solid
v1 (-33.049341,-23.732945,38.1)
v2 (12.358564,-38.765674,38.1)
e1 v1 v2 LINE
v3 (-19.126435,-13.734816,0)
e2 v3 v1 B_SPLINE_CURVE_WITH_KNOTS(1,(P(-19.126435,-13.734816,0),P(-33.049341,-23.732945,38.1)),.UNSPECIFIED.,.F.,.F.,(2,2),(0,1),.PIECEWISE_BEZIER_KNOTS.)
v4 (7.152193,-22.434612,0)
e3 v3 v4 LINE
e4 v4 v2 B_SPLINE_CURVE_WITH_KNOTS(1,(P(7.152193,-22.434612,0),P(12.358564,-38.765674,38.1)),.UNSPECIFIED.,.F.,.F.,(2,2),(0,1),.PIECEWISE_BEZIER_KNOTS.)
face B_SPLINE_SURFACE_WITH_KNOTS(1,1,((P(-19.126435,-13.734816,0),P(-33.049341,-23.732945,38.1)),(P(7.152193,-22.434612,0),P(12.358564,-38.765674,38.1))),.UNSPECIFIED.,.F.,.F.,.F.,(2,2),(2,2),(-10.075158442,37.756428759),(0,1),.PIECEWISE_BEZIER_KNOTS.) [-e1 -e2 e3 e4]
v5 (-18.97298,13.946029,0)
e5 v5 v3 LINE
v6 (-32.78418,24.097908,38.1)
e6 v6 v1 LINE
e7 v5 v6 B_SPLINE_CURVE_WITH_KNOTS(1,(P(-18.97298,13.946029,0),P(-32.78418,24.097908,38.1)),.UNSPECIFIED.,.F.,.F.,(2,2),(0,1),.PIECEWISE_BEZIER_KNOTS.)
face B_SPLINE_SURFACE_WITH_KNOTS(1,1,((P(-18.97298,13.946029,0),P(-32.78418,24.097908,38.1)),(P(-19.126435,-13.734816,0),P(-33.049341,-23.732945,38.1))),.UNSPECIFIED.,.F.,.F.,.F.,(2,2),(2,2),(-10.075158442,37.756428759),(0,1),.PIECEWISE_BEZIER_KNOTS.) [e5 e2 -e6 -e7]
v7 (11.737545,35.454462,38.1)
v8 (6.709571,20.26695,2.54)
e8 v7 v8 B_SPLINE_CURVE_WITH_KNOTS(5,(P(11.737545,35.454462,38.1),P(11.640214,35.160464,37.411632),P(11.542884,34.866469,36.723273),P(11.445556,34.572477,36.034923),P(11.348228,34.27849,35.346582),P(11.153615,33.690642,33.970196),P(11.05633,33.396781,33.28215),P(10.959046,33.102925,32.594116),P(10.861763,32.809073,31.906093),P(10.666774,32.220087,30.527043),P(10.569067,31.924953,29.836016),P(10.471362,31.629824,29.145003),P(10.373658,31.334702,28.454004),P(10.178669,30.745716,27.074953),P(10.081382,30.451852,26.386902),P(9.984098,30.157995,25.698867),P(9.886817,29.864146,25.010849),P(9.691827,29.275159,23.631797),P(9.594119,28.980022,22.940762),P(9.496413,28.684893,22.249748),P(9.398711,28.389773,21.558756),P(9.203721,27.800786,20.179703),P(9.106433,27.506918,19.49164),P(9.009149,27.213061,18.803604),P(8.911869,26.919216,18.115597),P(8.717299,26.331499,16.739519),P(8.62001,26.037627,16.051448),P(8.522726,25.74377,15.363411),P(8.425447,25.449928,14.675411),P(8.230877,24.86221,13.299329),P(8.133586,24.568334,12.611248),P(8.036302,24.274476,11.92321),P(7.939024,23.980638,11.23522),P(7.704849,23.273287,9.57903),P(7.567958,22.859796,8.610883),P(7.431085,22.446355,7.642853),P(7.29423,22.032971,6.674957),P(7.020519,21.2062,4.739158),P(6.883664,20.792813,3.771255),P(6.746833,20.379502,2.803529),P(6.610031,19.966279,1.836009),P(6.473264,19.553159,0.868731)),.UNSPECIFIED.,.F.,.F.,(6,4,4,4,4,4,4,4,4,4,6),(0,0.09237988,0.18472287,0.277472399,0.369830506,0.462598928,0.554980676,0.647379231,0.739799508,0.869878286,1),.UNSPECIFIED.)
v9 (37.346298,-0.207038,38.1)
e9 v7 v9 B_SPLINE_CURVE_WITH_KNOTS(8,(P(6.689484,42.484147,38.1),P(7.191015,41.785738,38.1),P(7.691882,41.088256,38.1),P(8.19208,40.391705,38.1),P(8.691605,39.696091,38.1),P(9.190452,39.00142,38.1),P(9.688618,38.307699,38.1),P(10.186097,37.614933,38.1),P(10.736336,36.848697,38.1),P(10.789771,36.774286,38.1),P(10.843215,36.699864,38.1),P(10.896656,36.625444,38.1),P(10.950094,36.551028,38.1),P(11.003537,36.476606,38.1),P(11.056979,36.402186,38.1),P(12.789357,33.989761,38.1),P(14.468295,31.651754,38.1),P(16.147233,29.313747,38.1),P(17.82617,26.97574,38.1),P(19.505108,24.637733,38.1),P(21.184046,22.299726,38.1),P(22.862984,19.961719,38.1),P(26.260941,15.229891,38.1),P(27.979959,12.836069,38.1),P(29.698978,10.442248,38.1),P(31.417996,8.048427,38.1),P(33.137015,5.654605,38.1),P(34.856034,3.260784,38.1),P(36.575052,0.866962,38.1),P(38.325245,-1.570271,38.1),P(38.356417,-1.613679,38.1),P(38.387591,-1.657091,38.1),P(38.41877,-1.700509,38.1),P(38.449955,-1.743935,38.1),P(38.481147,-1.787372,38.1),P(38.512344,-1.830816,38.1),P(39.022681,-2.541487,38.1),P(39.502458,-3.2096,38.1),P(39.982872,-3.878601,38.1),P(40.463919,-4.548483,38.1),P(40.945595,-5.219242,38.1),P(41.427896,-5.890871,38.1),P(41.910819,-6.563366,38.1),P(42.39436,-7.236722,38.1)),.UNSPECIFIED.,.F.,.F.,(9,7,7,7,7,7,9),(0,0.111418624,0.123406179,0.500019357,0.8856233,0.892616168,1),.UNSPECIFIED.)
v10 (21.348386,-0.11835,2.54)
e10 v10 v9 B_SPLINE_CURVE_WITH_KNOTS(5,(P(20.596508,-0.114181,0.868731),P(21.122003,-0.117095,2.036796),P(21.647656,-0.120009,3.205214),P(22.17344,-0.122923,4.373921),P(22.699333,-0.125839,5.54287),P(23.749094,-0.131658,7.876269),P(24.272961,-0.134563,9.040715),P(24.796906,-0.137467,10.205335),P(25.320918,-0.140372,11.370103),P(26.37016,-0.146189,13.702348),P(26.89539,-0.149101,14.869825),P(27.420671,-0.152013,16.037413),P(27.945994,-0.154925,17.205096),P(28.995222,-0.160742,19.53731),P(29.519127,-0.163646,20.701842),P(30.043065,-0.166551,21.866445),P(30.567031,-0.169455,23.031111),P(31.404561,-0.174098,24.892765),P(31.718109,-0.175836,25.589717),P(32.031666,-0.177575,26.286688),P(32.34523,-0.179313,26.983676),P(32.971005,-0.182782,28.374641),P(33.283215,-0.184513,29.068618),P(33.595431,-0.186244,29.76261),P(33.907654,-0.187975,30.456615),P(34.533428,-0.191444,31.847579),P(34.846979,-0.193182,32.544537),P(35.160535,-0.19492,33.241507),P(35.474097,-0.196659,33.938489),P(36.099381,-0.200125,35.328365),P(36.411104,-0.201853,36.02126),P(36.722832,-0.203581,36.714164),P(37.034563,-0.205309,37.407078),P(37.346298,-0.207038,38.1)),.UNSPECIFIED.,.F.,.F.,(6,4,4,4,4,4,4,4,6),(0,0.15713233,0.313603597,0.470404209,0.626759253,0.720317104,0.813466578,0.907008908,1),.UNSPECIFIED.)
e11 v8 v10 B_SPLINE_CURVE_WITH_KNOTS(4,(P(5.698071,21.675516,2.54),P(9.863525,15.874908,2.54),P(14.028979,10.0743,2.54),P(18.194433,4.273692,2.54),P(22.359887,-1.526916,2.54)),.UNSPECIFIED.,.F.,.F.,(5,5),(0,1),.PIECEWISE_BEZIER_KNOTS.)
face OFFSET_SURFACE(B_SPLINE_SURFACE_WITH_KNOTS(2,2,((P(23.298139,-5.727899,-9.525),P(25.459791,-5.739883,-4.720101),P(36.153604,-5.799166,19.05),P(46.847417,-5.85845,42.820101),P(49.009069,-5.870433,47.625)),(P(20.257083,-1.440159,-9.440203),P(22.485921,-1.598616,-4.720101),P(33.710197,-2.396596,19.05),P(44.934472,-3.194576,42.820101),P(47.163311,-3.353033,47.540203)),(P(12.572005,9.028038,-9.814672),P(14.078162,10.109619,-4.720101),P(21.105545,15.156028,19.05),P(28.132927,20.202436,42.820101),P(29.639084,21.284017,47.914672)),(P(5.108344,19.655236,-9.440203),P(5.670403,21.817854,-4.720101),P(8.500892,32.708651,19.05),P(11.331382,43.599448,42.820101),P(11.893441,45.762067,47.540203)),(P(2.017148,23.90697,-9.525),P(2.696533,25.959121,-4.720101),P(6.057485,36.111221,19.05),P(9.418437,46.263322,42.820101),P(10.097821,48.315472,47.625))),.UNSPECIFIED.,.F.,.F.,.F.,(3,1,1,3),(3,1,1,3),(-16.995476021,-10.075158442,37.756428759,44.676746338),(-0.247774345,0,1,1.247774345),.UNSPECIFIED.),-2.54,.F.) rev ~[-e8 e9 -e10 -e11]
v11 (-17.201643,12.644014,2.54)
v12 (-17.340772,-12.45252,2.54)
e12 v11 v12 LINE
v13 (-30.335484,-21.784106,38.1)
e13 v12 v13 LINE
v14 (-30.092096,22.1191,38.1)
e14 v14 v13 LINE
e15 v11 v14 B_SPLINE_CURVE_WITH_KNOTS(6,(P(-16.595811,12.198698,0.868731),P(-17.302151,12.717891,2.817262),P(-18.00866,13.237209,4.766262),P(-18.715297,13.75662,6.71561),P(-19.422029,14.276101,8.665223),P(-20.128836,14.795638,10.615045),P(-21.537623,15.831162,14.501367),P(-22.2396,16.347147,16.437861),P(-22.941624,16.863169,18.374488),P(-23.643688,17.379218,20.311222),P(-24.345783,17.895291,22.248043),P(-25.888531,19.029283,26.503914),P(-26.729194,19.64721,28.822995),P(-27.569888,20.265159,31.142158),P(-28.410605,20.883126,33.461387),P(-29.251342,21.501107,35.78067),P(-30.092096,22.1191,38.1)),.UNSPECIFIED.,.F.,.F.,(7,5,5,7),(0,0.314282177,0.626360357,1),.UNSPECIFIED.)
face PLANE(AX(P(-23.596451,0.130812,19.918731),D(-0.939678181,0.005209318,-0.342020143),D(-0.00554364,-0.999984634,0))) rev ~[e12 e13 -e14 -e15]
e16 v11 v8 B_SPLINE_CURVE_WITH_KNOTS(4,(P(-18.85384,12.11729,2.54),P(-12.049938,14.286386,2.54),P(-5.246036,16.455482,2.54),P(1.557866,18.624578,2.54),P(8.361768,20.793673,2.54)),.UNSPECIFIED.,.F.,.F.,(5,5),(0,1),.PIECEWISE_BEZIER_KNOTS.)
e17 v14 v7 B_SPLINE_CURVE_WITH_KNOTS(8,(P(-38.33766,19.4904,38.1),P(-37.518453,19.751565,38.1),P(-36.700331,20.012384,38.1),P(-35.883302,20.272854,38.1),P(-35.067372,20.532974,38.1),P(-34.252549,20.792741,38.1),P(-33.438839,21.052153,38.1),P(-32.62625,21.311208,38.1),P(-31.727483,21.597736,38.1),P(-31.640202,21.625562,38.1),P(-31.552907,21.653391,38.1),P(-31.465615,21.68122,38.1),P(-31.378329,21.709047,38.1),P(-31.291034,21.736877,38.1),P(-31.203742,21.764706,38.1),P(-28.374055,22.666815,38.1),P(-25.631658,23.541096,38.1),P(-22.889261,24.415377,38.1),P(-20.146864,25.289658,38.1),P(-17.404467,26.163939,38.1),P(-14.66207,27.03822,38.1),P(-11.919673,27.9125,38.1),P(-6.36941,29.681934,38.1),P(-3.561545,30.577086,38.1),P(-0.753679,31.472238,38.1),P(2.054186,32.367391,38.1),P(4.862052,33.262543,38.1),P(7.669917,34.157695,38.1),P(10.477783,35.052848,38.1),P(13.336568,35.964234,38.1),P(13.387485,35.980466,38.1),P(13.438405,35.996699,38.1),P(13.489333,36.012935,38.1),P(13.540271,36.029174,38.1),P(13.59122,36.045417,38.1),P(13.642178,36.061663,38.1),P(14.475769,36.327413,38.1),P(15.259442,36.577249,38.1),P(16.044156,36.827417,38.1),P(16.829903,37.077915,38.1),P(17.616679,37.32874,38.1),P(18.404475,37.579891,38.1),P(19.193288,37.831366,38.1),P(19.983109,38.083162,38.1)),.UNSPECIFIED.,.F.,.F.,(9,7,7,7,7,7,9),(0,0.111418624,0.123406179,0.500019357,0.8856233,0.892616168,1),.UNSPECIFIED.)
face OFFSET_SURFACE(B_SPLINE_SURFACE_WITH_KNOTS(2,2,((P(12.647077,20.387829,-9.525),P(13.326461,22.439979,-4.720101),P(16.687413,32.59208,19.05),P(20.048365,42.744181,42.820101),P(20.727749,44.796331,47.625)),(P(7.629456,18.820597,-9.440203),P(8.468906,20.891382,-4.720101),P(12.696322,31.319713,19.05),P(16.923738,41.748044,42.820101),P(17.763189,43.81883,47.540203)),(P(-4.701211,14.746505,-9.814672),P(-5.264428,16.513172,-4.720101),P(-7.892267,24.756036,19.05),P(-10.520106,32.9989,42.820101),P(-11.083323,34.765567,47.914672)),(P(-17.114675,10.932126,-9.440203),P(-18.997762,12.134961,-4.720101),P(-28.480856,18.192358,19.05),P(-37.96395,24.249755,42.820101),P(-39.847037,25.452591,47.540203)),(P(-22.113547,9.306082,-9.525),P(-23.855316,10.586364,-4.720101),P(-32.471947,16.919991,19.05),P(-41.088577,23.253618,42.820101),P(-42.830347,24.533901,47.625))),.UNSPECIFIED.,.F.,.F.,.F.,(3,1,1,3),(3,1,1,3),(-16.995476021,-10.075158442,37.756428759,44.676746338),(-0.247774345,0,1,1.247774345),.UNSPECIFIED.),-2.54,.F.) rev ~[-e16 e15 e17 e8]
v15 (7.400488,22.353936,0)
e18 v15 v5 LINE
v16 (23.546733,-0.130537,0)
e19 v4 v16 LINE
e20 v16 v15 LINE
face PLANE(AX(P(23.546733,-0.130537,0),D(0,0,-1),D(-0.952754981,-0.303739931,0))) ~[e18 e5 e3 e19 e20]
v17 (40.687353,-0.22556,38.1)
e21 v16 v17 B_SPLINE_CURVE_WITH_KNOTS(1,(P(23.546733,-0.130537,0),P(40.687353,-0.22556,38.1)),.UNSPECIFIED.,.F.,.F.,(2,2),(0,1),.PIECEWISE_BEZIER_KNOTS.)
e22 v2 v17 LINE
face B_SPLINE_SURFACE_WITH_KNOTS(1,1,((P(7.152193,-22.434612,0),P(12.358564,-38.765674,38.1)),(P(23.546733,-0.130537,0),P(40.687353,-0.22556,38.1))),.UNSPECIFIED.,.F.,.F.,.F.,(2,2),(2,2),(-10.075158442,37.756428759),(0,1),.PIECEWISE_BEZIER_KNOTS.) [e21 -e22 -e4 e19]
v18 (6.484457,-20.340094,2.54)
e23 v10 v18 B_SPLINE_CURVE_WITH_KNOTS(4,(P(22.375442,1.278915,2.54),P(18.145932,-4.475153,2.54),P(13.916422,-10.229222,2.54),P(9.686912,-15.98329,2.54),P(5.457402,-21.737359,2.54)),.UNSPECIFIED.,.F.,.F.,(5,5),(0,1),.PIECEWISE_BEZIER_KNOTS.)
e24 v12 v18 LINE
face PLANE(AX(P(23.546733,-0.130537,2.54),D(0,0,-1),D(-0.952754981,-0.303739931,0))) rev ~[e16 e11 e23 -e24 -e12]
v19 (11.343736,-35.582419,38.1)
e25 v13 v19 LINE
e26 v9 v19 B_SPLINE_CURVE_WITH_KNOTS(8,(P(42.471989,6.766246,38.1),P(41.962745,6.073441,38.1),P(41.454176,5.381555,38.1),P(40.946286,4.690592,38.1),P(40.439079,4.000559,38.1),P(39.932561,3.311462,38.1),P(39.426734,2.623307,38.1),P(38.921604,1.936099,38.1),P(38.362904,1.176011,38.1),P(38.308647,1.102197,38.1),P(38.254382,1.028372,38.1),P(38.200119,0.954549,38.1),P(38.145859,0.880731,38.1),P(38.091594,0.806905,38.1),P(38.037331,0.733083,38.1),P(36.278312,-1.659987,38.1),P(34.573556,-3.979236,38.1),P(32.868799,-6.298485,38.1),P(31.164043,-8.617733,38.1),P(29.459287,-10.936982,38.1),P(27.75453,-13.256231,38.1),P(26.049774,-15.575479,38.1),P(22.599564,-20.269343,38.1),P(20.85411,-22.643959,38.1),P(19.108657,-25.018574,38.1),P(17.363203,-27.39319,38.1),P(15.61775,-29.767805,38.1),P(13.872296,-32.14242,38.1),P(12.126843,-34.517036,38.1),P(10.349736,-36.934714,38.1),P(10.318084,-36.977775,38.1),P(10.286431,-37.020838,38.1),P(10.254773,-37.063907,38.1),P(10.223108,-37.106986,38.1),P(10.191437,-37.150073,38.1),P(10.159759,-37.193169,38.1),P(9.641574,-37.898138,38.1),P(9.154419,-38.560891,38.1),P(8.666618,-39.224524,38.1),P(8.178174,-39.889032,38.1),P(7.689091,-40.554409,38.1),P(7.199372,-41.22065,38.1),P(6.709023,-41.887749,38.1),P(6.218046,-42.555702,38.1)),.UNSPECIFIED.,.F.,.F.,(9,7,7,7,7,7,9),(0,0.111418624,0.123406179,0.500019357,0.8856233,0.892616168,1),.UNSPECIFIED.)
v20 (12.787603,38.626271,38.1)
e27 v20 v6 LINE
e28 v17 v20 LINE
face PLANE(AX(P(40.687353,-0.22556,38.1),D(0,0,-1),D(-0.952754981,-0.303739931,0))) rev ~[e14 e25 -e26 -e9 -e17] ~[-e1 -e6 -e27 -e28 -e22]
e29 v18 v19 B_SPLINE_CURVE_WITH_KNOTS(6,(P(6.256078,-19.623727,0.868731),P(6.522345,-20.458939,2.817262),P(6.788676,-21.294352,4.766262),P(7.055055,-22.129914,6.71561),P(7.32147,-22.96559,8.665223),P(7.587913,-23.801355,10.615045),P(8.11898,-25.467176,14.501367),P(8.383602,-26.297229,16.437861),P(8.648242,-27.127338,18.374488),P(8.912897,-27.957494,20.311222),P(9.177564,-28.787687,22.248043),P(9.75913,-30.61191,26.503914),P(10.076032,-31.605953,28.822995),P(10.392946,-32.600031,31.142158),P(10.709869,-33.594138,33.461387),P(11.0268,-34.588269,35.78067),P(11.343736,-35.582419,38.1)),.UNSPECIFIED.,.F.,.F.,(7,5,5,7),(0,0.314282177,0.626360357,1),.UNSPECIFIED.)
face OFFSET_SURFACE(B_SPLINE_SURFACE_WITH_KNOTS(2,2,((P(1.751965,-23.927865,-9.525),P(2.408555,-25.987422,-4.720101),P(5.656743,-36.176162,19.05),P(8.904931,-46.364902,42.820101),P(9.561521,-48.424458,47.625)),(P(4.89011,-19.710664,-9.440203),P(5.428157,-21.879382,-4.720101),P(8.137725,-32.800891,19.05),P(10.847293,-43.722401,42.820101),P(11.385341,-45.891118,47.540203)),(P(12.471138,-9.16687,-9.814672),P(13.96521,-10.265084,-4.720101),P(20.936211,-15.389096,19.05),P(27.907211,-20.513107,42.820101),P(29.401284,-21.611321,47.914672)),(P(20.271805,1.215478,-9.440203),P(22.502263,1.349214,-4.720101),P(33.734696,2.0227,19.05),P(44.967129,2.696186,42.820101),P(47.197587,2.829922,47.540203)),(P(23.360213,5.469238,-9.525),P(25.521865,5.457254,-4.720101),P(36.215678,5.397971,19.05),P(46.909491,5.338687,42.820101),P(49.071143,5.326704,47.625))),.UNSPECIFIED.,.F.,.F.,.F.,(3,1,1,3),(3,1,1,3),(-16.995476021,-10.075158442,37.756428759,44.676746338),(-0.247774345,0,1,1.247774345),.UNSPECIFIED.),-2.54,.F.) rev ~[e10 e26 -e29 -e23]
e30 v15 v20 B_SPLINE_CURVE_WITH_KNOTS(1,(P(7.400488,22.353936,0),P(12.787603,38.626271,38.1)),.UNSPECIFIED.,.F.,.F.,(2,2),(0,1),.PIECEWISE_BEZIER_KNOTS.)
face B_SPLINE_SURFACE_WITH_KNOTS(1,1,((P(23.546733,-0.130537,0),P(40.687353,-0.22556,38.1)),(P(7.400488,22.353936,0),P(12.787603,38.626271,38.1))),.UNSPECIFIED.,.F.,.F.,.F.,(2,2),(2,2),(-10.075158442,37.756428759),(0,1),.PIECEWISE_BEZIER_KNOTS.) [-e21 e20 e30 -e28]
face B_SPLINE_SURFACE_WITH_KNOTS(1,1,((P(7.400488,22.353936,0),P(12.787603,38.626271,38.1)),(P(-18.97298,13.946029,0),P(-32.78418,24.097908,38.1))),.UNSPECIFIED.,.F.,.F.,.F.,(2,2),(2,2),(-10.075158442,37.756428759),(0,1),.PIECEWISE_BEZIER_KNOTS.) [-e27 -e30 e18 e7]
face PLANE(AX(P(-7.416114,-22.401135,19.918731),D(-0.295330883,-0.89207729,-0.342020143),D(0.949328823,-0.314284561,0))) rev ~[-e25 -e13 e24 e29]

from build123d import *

# Parameters (mm, degrees)
F1_DEPTH = 38.1
F1_TAPER = -20
F2_T     = -2.54


with BuildPart() as f1:
    # F0 (on Top) → F1 (new body)
    with BuildSketch(Plane.XY):
        Polygon((23.5467331445, -0.1305366289), (7.4004884152, 22.3539359578), (-18.9729797706, 13.9460288332), (-19.1264347813, -13.7348161309), (7.1521929922, -22.4346120313), align=None)
    extrude(amount=F1_DEPTH, taper=F1_TAPER)

    # F2
    f2_openings = [f1.faces().sort_by_distance(p)[0] for p in [
        (0, 0, 38.1),
    ]]
    offset(amount=F2_T, openings=f2_openings)


solid = f1.part
